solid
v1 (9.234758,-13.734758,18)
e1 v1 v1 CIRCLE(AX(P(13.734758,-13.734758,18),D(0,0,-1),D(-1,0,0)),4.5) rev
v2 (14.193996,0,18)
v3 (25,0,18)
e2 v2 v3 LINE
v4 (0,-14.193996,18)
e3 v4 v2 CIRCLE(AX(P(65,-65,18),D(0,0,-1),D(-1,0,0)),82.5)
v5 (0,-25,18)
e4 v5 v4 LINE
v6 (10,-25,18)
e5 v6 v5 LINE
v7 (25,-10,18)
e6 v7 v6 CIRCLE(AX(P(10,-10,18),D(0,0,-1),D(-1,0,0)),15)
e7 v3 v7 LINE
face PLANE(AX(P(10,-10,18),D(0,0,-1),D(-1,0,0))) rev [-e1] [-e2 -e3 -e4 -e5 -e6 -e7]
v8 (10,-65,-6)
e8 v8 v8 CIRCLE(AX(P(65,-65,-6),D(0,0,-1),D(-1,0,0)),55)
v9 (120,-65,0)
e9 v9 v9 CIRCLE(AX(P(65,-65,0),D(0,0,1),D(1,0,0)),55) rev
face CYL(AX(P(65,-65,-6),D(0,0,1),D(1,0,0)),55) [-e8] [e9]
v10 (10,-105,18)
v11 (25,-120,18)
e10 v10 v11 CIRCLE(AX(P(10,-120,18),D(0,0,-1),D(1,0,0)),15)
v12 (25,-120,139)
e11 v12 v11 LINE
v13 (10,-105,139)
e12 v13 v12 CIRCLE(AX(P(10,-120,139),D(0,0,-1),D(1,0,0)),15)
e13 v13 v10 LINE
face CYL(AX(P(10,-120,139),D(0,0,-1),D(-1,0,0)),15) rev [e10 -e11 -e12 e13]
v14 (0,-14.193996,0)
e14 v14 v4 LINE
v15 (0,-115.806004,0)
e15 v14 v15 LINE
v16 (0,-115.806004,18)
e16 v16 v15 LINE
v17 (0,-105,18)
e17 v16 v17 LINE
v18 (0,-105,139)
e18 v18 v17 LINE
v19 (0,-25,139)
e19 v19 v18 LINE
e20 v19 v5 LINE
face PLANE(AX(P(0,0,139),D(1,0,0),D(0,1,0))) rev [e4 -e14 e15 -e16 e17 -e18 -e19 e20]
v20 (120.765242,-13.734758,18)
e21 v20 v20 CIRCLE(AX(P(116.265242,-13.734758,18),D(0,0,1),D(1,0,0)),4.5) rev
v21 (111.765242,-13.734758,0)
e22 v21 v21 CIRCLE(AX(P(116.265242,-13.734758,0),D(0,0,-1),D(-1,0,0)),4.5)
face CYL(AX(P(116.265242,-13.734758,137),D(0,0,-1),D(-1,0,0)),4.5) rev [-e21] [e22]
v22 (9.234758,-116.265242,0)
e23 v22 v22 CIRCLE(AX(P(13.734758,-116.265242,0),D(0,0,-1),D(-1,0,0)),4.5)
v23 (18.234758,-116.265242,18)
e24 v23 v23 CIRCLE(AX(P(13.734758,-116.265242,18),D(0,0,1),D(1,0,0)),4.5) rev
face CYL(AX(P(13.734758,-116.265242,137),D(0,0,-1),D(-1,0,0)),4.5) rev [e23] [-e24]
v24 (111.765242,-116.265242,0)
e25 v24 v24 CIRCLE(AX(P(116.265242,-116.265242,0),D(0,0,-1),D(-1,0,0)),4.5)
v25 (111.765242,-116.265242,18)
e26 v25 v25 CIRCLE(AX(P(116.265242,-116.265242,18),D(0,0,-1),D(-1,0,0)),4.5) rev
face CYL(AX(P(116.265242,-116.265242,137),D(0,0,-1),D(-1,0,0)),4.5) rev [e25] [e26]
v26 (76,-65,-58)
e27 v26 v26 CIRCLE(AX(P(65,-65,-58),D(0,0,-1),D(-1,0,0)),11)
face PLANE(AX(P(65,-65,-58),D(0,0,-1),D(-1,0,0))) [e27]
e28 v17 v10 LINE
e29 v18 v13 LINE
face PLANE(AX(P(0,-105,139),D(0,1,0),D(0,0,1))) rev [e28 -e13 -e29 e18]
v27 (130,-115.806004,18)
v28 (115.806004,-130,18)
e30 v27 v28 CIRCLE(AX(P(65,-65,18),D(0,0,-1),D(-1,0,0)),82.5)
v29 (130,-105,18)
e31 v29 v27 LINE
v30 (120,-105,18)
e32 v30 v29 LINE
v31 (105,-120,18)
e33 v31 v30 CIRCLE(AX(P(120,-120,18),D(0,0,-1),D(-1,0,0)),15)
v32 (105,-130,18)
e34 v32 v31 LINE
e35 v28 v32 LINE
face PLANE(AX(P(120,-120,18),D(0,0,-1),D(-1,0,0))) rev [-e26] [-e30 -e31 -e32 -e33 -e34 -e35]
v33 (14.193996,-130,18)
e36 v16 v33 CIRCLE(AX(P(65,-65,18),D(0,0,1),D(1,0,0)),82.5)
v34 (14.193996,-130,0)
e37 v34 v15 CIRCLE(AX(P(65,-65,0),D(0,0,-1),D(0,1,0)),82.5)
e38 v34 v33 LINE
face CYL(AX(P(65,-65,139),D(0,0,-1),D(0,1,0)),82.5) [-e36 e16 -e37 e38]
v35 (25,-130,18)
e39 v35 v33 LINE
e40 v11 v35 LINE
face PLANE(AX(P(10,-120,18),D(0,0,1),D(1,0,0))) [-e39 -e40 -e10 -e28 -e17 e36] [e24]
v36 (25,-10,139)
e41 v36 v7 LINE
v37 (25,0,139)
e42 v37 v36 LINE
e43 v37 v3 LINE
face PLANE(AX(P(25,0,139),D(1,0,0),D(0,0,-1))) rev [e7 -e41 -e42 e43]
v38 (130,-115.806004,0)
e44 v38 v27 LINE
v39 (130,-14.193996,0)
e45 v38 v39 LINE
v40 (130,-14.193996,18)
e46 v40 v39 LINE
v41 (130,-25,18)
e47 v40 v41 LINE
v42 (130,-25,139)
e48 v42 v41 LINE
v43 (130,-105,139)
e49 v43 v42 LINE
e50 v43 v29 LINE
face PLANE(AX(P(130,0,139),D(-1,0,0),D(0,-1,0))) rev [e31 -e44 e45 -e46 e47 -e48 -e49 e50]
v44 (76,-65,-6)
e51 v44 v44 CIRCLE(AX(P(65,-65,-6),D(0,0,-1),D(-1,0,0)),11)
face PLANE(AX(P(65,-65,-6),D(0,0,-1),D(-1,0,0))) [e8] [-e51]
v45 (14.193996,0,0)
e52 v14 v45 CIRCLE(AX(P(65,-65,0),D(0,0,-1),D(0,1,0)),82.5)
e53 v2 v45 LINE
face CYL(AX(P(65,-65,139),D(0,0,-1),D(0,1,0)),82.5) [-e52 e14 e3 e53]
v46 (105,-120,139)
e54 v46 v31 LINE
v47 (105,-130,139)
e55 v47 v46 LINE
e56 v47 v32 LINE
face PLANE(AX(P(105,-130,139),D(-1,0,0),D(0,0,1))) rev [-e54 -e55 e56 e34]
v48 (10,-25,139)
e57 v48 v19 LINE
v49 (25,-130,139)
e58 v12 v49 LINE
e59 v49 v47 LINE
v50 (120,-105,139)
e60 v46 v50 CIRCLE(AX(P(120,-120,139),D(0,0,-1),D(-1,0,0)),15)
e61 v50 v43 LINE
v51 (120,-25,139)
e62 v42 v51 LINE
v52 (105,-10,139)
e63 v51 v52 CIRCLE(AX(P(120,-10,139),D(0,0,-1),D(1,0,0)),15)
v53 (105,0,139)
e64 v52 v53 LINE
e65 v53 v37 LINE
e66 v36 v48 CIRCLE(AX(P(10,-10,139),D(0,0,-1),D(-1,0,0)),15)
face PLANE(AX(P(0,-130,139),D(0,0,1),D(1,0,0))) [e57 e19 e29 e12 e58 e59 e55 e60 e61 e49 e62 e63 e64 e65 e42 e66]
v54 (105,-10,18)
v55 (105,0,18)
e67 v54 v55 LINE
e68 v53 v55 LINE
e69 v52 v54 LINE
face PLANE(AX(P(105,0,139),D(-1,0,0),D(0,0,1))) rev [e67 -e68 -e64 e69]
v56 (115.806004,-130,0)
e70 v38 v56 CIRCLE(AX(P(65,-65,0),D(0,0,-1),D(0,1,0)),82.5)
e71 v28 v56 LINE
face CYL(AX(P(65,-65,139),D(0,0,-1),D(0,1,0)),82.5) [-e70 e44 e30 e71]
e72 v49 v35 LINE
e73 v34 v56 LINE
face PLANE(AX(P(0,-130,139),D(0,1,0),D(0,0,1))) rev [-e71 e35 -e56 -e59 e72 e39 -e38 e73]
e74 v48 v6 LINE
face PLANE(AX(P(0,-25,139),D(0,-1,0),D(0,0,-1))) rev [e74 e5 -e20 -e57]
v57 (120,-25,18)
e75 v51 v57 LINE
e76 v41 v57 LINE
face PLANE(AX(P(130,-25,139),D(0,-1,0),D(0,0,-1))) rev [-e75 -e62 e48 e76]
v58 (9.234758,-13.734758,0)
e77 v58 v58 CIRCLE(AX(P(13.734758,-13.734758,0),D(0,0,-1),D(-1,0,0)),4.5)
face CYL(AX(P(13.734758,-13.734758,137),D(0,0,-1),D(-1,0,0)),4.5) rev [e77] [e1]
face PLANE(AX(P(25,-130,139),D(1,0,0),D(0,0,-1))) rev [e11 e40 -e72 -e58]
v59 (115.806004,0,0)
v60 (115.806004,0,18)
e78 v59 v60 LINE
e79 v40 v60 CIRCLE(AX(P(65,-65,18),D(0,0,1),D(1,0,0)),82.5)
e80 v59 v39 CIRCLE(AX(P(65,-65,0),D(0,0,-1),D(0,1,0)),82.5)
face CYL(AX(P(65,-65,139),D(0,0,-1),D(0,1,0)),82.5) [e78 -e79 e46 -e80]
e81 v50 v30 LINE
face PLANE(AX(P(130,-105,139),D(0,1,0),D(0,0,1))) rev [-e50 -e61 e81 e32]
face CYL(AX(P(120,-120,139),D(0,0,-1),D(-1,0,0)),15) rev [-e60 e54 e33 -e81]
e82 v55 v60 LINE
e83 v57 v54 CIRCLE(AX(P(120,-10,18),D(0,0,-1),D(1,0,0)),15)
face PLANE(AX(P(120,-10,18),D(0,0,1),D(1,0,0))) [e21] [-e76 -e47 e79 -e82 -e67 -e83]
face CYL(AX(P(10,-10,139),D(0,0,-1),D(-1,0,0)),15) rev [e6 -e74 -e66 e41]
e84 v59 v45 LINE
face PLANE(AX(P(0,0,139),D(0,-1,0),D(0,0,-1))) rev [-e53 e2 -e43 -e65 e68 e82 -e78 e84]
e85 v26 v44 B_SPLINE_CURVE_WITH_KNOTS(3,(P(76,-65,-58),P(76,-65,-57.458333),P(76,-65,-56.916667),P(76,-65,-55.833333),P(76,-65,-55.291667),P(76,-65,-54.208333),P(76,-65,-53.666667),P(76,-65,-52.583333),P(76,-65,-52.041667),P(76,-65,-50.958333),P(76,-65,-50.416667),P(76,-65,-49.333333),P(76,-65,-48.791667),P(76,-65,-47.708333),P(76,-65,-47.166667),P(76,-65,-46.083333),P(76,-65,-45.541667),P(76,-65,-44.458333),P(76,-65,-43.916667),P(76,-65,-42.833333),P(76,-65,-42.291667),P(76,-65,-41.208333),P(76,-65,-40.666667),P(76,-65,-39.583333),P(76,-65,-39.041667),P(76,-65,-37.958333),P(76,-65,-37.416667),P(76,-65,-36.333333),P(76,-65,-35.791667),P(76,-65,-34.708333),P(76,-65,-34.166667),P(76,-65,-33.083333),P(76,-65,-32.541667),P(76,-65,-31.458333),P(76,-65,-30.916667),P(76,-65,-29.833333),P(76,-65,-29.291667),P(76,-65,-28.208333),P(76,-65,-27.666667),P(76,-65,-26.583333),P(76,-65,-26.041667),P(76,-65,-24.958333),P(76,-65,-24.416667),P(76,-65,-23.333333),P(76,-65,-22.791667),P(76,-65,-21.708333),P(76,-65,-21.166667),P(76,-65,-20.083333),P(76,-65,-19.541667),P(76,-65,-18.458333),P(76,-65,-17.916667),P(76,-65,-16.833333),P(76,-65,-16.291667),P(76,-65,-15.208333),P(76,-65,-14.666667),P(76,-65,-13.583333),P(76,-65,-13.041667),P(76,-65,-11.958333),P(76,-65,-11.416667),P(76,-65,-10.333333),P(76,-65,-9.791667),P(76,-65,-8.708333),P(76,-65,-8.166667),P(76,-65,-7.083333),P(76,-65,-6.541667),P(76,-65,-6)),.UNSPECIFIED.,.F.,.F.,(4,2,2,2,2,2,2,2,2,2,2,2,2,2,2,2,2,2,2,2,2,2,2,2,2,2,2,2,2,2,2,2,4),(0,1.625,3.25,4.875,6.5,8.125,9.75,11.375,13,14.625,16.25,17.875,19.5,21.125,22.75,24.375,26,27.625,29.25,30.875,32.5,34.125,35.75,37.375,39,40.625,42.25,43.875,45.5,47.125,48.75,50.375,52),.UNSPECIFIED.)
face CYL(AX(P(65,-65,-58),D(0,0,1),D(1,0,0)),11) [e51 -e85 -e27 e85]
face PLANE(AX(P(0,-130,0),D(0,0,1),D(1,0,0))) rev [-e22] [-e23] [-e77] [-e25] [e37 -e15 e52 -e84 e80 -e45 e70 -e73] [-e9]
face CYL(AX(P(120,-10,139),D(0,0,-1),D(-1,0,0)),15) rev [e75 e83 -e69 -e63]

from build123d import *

# Parameters (mm, degrees)
SKETCH_1_W          = 130
SKETCH_1_H          = 130
EXTRUDE_1_DEPTH     = 139
SKETCH_2_R          = 55
EXTRUDE_2_DEPTH     = 6
SKETCH_3_R          = 11
EXTRUDE_3_DEPTH     = 52
SKETCH_5_R          = 4.5
CUT_EXTRUDE_2_DEPTH = 137
CUT_EXTRUDE_5_DEPTH = 221.093162093
SKETCH_10_OUTSIDE_W = 185.892
SKETCH_10_OUTSIDE_H = 185.892
SKETCH_10_OUTSIDE_R = 82.5
CUT_EXTRUDE_6_DEPTH = 231.479934051


with BuildPart() as part:
    # 草图1 → 拉伸1 (new body)
    with BuildSketch(Plane.XY):
        with Locations((65, -65)):
            Rectangle(SKETCH_1_W, SKETCH_1_H)
    extrude(amount=EXTRUDE_1_DEPTH)

    # 草图2 → 拉伸2 (add)
    with BuildSketch(Plane(origin=(0, 0, 0), x_dir=(-1, 0, 0), z_dir=(0, 0, -1))):
        with Locations(Location((-65, -65, 0), (0, 0, 180))):
            Circle(SKETCH_2_R)
    extrude(amount=EXTRUDE_2_DEPTH)

    # 草图3 → 拉伸3 (add)
    with BuildSketch(Plane(origin=(0, 0, -6), x_dir=(-1, 0, 0), z_dir=(0, 0, -1))):
        with Locations(Location((-65, -65, 0), (0, 0, 180))):
            Circle(SKETCH_3_R)
    extrude(amount=EXTRUDE_3_DEPTH)

    # 草图5 → 切除-拉伸2 (cut)
    with BuildSketch(Plane(origin=(0, 0, 0), x_dir=(-1, 0, 0), z_dir=(0, 0, -1))):
        with Locations((-13.734758364, -13.734758364)):
            Circle(SKETCH_5_R)
        with Locations((-13.734758364, -116.265241636)):
            Circle(SKETCH_5_R)
        with Locations((-116.265241636, -116.265241636)):
            Circle(SKETCH_5_R)
        with Locations((-116.265241636, -13.734758364)):
            Circle(SKETCH_5_R)
    extrude(amount=-CUT_EXTRUDE_2_DEPTH, mode=Mode.SUBTRACT)

    # 草图7 → 切除-拉伸5 (cut, through all)
    with BuildSketch(Plane(origin=(0, 0, 18), x_dir=(-1, 0, 0), z_dir=(0, 0, -1))):
        with BuildLine():
            Line((-130, 0), (-105, 0))
            Line((-105, 0), (-105, -10))
            ThreePointArc((-105, -10), (-109.393398282, -20.606601718), (-120, -25))
            Line((-120, -25), (-130, -25))
            Line((-130, -25), (-130, 0))
        make_face()
        with BuildLine():
            Line((0, 0), (0, -25))
            Line((0, -25), (-10, -25))
            ThreePointArc((-10, -25), (-20.606601718, -20.606601718), (-25, -10))
            Line((-25, -10), (-25, 0))
            Line((-25, 0), (0, 0))
        make_face()
        with BuildLine():
            Line((0, -130), (-25, -130))
            Line((-25, -130), (-25, -120))
            ThreePointArc((-25, -120), (-20.606601718, -109.393398282), (-10, -105))
            Line((-10, -105), (0, -105))
            Line((0, -105), (0, -130))
        make_face()
        with BuildLine():
            Line((-130, -130), (-130, -105))
            Line((-130, -105), (-120, -105))
            ThreePointArc((-120, -105), (-109.393398282, -109.393398282), (-105, -120))
            Line((-105, -120), (-105, -130))
            Line((-105, -130), (-130, -130))
        make_face()
    extrude(amount=-CUT_EXTRUDE_5_DEPTH, mode=Mode.SUBTRACT)

    # 草图10 outside → 切除-拉伸6 (cut, through all)
    with BuildSketch(Plane(origin=(0, 0, 0), x_dir=(-1, 0, 0), z_dir=(0, 0, -1))):
        with Locations((-65, -65)):
            Rectangle(SKETCH_10_OUTSIDE_W, SKETCH_10_OUTSIDE_H)
        with Locations((-65, -65)):
            Circle(SKETCH_10_OUTSIDE_R, mode=Mode.SUBTRACT)
    extrude(amount=-CUT_EXTRUDE_6_DEPTH, mode=Mode.SUBTRACT)


solid = part.part
